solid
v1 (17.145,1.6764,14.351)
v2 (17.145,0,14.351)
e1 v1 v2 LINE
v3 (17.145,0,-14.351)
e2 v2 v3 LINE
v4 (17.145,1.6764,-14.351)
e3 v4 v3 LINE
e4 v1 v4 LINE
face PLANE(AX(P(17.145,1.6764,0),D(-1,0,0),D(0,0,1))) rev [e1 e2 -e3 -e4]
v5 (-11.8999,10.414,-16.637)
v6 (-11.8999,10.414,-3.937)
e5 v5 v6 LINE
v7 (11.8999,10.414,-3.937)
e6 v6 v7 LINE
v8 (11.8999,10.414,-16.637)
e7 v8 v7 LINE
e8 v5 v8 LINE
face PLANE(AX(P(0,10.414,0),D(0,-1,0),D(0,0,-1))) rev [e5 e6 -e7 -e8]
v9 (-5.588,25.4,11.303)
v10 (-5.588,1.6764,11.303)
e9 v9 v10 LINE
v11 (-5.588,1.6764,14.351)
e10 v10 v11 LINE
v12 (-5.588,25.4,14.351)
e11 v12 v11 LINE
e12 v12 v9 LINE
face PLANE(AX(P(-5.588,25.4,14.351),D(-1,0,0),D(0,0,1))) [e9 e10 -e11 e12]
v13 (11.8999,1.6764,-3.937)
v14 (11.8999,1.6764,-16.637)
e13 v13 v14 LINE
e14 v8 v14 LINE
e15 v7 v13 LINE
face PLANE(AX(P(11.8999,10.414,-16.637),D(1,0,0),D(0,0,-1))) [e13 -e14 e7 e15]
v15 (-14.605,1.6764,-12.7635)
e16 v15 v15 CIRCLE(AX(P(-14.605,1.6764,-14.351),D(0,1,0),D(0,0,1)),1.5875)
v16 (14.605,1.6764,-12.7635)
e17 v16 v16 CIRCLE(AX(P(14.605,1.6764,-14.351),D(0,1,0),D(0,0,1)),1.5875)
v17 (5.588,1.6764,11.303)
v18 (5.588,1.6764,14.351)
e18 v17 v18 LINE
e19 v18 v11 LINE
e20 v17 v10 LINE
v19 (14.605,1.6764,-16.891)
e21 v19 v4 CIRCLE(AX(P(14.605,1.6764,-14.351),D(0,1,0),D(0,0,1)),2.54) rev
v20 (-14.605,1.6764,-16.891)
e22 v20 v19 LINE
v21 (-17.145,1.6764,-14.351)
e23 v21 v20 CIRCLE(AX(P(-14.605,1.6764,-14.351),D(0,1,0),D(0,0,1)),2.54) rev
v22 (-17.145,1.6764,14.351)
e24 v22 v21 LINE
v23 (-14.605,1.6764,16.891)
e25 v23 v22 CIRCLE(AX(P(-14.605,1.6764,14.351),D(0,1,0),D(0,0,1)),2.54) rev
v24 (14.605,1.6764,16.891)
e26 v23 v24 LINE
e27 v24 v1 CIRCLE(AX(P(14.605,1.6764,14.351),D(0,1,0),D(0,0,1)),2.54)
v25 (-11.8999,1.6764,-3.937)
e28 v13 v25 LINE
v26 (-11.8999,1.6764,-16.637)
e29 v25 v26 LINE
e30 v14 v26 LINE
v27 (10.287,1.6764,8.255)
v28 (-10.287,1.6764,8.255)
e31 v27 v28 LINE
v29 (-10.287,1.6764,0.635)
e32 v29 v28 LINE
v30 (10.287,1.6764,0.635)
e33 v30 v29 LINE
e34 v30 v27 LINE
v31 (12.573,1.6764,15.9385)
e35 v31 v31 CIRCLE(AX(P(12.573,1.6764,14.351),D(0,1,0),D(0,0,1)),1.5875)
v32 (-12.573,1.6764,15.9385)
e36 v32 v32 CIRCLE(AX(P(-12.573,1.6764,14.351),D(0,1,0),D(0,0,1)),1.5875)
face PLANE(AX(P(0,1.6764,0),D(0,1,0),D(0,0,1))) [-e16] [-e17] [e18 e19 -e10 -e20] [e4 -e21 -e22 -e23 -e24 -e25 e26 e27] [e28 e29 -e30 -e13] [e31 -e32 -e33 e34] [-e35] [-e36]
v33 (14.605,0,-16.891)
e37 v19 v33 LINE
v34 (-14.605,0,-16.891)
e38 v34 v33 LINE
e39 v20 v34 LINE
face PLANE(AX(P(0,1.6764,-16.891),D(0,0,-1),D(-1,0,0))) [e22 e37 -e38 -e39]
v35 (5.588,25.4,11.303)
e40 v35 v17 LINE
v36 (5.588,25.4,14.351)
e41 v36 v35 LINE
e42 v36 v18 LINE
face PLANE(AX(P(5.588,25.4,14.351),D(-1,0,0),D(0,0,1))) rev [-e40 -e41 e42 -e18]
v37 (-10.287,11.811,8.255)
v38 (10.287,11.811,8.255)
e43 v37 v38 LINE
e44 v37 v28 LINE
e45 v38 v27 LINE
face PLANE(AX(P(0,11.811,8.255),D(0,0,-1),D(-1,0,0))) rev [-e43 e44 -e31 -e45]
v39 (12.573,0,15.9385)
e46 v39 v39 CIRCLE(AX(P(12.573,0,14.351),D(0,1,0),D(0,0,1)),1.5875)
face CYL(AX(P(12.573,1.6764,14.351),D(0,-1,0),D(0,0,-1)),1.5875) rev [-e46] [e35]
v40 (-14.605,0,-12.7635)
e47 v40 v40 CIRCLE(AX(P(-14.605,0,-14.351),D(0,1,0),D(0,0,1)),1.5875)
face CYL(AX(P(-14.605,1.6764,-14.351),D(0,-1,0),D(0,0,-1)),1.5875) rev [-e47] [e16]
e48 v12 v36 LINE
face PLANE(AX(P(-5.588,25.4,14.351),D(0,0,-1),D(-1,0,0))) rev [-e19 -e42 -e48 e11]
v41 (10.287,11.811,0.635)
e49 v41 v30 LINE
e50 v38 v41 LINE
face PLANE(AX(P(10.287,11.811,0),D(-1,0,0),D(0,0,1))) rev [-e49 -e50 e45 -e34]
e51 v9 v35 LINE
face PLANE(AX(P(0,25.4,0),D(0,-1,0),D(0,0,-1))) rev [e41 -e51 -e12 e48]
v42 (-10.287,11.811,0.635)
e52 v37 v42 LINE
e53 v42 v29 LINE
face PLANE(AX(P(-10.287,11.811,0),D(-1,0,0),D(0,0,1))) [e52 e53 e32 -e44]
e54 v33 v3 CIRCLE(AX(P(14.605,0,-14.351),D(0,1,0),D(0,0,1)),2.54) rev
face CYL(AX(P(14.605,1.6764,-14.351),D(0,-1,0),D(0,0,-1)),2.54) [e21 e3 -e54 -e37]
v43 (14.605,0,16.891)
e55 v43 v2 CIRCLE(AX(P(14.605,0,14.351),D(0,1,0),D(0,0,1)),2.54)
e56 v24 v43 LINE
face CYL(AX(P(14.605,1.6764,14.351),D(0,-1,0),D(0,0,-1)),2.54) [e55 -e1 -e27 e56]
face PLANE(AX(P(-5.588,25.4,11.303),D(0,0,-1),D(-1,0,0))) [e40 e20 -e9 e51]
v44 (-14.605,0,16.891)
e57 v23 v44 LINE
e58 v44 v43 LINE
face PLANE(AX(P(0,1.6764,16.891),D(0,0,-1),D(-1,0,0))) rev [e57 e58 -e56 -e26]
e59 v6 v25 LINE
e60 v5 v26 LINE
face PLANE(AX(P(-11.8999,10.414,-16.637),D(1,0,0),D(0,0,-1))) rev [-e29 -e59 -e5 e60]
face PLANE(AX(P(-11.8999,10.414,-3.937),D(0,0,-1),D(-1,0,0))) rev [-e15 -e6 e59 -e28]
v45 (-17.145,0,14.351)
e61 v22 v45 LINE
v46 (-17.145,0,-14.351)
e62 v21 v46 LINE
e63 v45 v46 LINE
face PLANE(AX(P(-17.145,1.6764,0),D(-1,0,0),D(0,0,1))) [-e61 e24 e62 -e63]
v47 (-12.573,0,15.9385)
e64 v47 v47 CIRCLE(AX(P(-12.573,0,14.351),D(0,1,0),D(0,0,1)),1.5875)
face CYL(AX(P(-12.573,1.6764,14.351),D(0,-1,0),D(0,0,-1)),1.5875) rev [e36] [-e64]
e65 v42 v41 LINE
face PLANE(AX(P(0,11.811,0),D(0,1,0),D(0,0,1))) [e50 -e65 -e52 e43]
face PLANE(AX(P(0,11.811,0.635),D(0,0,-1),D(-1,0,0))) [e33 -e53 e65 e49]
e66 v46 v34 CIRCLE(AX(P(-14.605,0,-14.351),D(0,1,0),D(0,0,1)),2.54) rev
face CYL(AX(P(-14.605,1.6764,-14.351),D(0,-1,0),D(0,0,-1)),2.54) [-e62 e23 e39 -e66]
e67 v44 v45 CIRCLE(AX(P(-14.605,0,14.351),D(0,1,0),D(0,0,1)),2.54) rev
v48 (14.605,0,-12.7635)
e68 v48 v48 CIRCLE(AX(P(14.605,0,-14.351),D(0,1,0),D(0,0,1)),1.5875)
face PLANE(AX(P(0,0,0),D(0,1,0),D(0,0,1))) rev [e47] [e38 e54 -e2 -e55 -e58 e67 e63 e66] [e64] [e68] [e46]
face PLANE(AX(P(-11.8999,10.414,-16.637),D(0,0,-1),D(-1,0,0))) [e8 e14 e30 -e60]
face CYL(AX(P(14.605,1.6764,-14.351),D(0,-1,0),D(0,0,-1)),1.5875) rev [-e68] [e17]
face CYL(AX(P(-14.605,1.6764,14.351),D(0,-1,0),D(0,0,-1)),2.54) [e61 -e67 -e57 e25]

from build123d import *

# Parameters (mm, degrees)
SKETCH1_R           = 1.5875
BOSS_EXTRUDE1_DEPTH = 1.6764
SKETCH1_3_W         = 23.7998
SKETCH1_3_H         = 12.7
BOSS_EXTRUDE2_DEPTH = 10.414
SKETCH1_4_W         = 20.574
SKETCH1_4_H         = 7.62
BOSS_EXTRUDE3_DEPTH = 11.811
SKETCH1_5_W         = 11.176
SKETCH1_5_H         = 3.048
BOSS_EXTRUDE4_DEPTH = 25.4


with BuildPart() as part:
    # Sketch1 → Boss-Extrude1 (new body)
    with BuildSketch(Plane(origin=(0, 0, 0), x_dir=(1, 0, 0), z_dir=(0, 1, 0))):
        with BuildLine():
            ThreePointArc((-17.145, -14.351), (-16.401051224, -16.147051224), (-14.605, -16.891))
            Line((-14.605, -16.891), (14.605, -16.891))
            ThreePointArc((14.605, -16.891), (16.401051224, -16.147051224), (17.145, -14.351))
            Line((17.145, -14.351), (17.145, 14.351))
            ThreePointArc((17.145, 14.351), (16.401051224, 16.147051224), (14.605, 16.891))
            Line((14.605, 16.891), (-14.605, 16.891))
            ThreePointArc((-14.605, 16.891), (-16.401051224, 16.147051224), (-17.145, 14.351))
            Line((-17.145, 14.351), (-17.145, -14.351))
        make_face()
        with Locations((-12.573, -14.351)):
            Circle(SKETCH1_R, mode=Mode.SUBTRACT)
        with Locations((12.573, -14.351)):
            Circle(SKETCH1_R, mode=Mode.SUBTRACT)
        with Locations((-14.605, 14.351)):
            Circle(SKETCH1_R, mode=Mode.SUBTRACT)
        with Locations((14.605, 14.351)):
            Circle(SKETCH1_R, mode=Mode.SUBTRACT)
    extrude(amount=BOSS_EXTRUDE1_DEPTH)

    # Sketch1<3> → Boss-Extrude2 (add)
    with BuildSketch(Plane(origin=(0, 0, 0), x_dir=(1, 0, 0), z_dir=(0, 1, 0))):
        with Locations((0, 10.287)):
            Rectangle(SKETCH1_3_W, SKETCH1_3_H)
    extrude(amount=BOSS_EXTRUDE2_DEPTH)

    # Sketch1<4> → Boss-Extrude3 (add)
    with BuildSketch(Plane(origin=(0, 0, 0), x_dir=(1, 0, 0), z_dir=(0, 1, 0))):
        with Locations((0, -4.445)):
            Rectangle(SKETCH1_4_W, SKETCH1_4_H)
    extrude(amount=BOSS_EXTRUDE3_DEPTH)

    # Sketch1<5> → Boss-Extrude4 (add)
    with BuildSketch(Plane(origin=(0, 0, 0), x_dir=(1, 0, 0), z_dir=(0, 1, 0))):
        with Locations((0, -12.827)):
            Rectangle(SKETCH1_5_W, SKETCH1_5_H)
    extrude(amount=BOSS_EXTRUDE4_DEPTH)


solid = part.part
